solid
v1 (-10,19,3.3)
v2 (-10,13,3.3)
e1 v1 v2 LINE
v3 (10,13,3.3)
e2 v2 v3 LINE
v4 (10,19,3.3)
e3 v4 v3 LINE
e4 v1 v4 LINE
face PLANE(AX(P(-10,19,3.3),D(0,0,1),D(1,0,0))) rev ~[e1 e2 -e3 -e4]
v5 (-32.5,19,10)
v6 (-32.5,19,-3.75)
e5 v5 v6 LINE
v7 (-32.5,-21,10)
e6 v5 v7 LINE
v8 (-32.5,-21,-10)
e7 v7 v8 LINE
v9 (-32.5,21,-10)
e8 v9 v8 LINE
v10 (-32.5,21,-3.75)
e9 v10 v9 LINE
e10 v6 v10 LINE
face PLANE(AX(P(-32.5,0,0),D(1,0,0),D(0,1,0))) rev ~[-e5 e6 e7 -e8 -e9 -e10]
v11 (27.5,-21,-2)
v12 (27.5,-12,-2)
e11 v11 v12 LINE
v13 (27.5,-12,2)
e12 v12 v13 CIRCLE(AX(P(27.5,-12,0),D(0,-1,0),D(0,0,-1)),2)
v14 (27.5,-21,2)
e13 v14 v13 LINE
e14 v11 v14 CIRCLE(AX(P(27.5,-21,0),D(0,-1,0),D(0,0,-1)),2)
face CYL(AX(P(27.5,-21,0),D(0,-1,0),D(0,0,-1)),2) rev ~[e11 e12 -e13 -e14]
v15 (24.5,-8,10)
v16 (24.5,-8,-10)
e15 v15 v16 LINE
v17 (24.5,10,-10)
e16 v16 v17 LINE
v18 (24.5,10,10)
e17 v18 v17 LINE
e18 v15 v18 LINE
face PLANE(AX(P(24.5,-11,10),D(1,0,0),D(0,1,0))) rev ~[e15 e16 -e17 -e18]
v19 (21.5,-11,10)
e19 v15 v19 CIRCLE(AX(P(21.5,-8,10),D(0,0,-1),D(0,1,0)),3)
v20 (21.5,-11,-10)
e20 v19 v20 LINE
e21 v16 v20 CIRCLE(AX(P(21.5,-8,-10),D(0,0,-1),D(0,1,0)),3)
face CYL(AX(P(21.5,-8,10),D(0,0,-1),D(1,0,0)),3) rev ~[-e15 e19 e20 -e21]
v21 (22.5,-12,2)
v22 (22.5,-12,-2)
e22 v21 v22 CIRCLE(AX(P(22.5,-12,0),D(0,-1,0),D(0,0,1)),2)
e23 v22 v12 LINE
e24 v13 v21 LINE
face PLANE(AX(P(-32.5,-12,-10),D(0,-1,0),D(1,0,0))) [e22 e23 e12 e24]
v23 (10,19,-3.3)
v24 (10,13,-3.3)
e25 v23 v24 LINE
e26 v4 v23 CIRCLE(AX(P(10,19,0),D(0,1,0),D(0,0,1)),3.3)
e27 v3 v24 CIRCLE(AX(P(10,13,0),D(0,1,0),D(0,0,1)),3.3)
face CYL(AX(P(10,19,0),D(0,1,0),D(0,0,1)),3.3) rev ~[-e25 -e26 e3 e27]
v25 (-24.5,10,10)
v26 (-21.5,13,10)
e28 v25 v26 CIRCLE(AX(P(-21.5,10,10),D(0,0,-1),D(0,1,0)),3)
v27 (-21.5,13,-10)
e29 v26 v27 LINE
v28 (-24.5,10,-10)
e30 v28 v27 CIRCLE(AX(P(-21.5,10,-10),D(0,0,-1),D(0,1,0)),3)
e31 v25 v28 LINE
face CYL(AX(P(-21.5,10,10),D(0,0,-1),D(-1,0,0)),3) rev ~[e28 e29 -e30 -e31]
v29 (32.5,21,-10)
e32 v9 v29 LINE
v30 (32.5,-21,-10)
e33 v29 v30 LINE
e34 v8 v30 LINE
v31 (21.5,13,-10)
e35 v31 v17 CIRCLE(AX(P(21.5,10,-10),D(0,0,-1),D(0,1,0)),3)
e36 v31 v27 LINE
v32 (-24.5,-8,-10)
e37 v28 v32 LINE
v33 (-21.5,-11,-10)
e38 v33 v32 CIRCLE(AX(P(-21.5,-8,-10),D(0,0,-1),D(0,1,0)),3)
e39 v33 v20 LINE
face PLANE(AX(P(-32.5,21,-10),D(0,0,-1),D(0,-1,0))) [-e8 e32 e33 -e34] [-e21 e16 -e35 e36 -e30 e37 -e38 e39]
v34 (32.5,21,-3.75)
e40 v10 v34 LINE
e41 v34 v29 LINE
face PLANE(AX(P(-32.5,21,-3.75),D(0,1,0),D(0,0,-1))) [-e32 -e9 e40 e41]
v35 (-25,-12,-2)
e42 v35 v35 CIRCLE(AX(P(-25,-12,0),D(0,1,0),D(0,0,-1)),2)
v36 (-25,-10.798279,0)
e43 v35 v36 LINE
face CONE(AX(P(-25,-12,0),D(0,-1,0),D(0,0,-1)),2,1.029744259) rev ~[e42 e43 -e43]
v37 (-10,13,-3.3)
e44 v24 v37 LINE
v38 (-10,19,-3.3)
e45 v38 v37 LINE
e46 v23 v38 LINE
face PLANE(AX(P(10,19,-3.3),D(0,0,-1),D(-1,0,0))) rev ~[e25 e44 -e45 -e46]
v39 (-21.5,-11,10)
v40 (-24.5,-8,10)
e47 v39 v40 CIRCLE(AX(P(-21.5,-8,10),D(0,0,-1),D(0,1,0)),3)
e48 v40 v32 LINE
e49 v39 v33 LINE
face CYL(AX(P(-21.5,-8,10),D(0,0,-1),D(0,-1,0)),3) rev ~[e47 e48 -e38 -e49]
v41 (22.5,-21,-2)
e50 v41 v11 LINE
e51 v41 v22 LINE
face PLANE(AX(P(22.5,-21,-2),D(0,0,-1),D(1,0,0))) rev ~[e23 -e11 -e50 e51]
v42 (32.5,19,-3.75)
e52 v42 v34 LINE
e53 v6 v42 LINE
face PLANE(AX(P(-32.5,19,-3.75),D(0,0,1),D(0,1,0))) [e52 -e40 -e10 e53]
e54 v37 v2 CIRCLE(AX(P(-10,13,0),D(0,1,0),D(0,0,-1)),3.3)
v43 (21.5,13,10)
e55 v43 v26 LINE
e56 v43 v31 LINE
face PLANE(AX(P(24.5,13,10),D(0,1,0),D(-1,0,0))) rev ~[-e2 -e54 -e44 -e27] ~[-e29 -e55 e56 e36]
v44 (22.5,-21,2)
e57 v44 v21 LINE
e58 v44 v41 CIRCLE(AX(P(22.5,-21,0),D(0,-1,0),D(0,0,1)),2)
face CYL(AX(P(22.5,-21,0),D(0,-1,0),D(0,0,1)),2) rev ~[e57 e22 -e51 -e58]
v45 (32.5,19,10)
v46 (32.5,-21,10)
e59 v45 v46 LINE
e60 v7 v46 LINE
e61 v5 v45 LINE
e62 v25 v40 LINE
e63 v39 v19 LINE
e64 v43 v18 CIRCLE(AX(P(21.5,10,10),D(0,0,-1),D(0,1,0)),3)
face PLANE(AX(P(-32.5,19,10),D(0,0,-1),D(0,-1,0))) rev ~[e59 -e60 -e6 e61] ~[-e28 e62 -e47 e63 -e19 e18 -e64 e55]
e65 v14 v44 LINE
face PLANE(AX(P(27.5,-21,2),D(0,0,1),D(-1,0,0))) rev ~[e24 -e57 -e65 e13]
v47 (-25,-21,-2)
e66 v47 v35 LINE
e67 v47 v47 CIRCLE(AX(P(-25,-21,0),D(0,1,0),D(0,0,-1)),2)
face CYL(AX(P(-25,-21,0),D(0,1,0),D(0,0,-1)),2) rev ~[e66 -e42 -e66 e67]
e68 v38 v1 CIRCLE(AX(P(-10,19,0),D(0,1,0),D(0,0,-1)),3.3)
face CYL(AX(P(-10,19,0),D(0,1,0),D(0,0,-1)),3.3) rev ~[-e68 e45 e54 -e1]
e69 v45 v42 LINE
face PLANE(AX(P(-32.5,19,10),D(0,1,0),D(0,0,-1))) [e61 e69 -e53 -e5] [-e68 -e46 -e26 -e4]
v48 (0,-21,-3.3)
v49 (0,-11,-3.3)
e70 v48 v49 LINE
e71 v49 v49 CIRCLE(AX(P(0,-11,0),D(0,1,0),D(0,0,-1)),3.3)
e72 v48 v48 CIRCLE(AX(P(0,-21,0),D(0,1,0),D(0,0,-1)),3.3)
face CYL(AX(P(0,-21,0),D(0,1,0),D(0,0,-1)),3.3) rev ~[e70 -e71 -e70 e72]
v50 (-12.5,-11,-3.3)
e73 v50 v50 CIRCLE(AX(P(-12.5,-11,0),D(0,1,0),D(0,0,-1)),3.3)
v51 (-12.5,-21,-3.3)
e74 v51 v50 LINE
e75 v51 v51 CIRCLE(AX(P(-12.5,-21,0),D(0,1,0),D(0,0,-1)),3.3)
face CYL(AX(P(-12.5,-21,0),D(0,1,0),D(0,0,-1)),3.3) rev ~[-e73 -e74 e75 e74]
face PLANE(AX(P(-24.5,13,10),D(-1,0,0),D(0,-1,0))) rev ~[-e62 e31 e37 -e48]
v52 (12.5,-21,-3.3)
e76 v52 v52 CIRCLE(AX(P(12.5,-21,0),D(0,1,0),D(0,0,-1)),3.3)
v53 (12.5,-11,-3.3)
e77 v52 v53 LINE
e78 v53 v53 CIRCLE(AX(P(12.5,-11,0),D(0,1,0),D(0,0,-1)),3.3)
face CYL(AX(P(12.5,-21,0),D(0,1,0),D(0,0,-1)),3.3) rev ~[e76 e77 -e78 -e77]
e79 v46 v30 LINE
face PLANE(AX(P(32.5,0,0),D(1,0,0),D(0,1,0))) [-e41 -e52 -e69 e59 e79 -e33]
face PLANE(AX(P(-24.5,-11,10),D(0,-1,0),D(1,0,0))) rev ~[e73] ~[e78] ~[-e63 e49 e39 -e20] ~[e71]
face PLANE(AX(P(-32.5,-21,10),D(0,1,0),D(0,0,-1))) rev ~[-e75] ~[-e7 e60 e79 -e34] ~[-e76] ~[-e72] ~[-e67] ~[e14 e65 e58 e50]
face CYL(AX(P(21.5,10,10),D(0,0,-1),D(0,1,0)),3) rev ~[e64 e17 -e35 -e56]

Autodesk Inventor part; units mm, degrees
ref_plane "XZ Plane" through (0, 0, 0) normal (0, 1, 0) x (-1, 0, 0)
ref_plane "XY Plane" through (0, 0, 0) normal (0, 0, 1) x (1, 0, 0)
ref_plane "Work Plane1" through (-32.5, 0, 0) normal (1, 0, 0) x (0, 1, 0)
sketch "Sketch1" plane through (-32.5, 0, 0) normal (1, 0, 0) x (0, 1, 0)
  line L0 (-21, 10) -> (-21, -10)
  line L1 (19, -3.75) -> (21, -3.75)
  line L2 (21, -10) -> (-21, -10)
  line L3 (19, 10) -> (19, -3.75)
  line L4 (19, 10) -> (-21, 10)
  line L5 (21, -3.75) -> (21, -10)
extrude "Extrusion4" add sketch "Sketch1" along normal blind 65
sketch "Sketch2" plane through (-32.5, -21, 10) normal (0, 0, 1) x (1, 0, 0)
  line L0 (57, 10) -> (57, 34)
  line L1 (57, 34) -> (8, 34)
  line L2 (8, 34) -> (8, 10)
  line L3 (8, 10) -> (57, 10)
extrude "Extrusion3" cut sketch "Sketch2" against normal blind 20
sketch "Sketch3" plane through (-32.5, 19, 10) normal (0, 1, 0) x (1, 0, 0)
  line L0 (42.5, 13.3) -> (22.5, 13.3)
  arc A0 (22.5, 13.3) -> (22.5, 6.7) centre (22.5, 10) ccw
  arc A1 (42.5, 6.7) -> (42.5, 13.3) centre (42.5, 10) ccw
  line L1 (22.5, 6.7) -> (42.5, 6.7)
extrude "Extrusion2" cut sketch "Sketch3" against normal blind 6
fillet "Fillet4" radius 3 1 edges at (24.5, 13, 0)
fillet "Fillet3" radius 3 1 edges at (24.5, -11, 0)
fillet "Fillet2" radius 3 1 edges at (-24.5, -11, 0)
fillet "Fillet1" radius 3 1 edges at (-24.5, 13, 0)
sketch "Sketch7" plane through (-32.5, -21, -10) normal (0, -1, 0) x (1, 0, 0)
  line L0 (45, 10) -> (20, 10)
  line L1 (11, 20) -> (54, 20) construction
  line L2 (32.5, 20) -> (32.5, 0) construction
  line L3 (0, 0) -> (65, 0) construction
  point P0 (32.5, 10)
  point P1 (32.5, 10)
  dimension "d41" = 25
hole "M6CLR" at (0, -21, 0) at (-12.5, -21, 0) at (12.5, -21, 0) direction (0, 1, 0) diameter 6.6 depth 10 clearance for "Countersunk Flat Head Screw ISO 2009/7046" size "M6" standard "ISO"
sketch "Sketch5" plane through (-32.5, -21, -10) normal (0, -1, 0) x (1, 0, 0)
  point P0 (7.5, 10)
hole "4H7" at (-25, -21, 0) direction (0, 1, 0) diameter 4 depth 9 tip angle 118
sketch "Sketch4" plane through (-32.5, -21, -10) normal (0, -1, 0) x (1, 0, 0)
  arc A0 (60, 8) -> (60, 12) centre (60, 10) ccw
  line L0 (55, 8) -> (60, 8)
  line L1 (60, 12) -> (55, 12)
  arc A1 (55, 12) -> (55, 8) centre (55, 10) ccw
  dimension "d42" = 4
  dimension "d43" = 5
extrude "Extrusion1" cut sketch "Sketch4" against normal blind 9
properties part number "ASF-10003"
